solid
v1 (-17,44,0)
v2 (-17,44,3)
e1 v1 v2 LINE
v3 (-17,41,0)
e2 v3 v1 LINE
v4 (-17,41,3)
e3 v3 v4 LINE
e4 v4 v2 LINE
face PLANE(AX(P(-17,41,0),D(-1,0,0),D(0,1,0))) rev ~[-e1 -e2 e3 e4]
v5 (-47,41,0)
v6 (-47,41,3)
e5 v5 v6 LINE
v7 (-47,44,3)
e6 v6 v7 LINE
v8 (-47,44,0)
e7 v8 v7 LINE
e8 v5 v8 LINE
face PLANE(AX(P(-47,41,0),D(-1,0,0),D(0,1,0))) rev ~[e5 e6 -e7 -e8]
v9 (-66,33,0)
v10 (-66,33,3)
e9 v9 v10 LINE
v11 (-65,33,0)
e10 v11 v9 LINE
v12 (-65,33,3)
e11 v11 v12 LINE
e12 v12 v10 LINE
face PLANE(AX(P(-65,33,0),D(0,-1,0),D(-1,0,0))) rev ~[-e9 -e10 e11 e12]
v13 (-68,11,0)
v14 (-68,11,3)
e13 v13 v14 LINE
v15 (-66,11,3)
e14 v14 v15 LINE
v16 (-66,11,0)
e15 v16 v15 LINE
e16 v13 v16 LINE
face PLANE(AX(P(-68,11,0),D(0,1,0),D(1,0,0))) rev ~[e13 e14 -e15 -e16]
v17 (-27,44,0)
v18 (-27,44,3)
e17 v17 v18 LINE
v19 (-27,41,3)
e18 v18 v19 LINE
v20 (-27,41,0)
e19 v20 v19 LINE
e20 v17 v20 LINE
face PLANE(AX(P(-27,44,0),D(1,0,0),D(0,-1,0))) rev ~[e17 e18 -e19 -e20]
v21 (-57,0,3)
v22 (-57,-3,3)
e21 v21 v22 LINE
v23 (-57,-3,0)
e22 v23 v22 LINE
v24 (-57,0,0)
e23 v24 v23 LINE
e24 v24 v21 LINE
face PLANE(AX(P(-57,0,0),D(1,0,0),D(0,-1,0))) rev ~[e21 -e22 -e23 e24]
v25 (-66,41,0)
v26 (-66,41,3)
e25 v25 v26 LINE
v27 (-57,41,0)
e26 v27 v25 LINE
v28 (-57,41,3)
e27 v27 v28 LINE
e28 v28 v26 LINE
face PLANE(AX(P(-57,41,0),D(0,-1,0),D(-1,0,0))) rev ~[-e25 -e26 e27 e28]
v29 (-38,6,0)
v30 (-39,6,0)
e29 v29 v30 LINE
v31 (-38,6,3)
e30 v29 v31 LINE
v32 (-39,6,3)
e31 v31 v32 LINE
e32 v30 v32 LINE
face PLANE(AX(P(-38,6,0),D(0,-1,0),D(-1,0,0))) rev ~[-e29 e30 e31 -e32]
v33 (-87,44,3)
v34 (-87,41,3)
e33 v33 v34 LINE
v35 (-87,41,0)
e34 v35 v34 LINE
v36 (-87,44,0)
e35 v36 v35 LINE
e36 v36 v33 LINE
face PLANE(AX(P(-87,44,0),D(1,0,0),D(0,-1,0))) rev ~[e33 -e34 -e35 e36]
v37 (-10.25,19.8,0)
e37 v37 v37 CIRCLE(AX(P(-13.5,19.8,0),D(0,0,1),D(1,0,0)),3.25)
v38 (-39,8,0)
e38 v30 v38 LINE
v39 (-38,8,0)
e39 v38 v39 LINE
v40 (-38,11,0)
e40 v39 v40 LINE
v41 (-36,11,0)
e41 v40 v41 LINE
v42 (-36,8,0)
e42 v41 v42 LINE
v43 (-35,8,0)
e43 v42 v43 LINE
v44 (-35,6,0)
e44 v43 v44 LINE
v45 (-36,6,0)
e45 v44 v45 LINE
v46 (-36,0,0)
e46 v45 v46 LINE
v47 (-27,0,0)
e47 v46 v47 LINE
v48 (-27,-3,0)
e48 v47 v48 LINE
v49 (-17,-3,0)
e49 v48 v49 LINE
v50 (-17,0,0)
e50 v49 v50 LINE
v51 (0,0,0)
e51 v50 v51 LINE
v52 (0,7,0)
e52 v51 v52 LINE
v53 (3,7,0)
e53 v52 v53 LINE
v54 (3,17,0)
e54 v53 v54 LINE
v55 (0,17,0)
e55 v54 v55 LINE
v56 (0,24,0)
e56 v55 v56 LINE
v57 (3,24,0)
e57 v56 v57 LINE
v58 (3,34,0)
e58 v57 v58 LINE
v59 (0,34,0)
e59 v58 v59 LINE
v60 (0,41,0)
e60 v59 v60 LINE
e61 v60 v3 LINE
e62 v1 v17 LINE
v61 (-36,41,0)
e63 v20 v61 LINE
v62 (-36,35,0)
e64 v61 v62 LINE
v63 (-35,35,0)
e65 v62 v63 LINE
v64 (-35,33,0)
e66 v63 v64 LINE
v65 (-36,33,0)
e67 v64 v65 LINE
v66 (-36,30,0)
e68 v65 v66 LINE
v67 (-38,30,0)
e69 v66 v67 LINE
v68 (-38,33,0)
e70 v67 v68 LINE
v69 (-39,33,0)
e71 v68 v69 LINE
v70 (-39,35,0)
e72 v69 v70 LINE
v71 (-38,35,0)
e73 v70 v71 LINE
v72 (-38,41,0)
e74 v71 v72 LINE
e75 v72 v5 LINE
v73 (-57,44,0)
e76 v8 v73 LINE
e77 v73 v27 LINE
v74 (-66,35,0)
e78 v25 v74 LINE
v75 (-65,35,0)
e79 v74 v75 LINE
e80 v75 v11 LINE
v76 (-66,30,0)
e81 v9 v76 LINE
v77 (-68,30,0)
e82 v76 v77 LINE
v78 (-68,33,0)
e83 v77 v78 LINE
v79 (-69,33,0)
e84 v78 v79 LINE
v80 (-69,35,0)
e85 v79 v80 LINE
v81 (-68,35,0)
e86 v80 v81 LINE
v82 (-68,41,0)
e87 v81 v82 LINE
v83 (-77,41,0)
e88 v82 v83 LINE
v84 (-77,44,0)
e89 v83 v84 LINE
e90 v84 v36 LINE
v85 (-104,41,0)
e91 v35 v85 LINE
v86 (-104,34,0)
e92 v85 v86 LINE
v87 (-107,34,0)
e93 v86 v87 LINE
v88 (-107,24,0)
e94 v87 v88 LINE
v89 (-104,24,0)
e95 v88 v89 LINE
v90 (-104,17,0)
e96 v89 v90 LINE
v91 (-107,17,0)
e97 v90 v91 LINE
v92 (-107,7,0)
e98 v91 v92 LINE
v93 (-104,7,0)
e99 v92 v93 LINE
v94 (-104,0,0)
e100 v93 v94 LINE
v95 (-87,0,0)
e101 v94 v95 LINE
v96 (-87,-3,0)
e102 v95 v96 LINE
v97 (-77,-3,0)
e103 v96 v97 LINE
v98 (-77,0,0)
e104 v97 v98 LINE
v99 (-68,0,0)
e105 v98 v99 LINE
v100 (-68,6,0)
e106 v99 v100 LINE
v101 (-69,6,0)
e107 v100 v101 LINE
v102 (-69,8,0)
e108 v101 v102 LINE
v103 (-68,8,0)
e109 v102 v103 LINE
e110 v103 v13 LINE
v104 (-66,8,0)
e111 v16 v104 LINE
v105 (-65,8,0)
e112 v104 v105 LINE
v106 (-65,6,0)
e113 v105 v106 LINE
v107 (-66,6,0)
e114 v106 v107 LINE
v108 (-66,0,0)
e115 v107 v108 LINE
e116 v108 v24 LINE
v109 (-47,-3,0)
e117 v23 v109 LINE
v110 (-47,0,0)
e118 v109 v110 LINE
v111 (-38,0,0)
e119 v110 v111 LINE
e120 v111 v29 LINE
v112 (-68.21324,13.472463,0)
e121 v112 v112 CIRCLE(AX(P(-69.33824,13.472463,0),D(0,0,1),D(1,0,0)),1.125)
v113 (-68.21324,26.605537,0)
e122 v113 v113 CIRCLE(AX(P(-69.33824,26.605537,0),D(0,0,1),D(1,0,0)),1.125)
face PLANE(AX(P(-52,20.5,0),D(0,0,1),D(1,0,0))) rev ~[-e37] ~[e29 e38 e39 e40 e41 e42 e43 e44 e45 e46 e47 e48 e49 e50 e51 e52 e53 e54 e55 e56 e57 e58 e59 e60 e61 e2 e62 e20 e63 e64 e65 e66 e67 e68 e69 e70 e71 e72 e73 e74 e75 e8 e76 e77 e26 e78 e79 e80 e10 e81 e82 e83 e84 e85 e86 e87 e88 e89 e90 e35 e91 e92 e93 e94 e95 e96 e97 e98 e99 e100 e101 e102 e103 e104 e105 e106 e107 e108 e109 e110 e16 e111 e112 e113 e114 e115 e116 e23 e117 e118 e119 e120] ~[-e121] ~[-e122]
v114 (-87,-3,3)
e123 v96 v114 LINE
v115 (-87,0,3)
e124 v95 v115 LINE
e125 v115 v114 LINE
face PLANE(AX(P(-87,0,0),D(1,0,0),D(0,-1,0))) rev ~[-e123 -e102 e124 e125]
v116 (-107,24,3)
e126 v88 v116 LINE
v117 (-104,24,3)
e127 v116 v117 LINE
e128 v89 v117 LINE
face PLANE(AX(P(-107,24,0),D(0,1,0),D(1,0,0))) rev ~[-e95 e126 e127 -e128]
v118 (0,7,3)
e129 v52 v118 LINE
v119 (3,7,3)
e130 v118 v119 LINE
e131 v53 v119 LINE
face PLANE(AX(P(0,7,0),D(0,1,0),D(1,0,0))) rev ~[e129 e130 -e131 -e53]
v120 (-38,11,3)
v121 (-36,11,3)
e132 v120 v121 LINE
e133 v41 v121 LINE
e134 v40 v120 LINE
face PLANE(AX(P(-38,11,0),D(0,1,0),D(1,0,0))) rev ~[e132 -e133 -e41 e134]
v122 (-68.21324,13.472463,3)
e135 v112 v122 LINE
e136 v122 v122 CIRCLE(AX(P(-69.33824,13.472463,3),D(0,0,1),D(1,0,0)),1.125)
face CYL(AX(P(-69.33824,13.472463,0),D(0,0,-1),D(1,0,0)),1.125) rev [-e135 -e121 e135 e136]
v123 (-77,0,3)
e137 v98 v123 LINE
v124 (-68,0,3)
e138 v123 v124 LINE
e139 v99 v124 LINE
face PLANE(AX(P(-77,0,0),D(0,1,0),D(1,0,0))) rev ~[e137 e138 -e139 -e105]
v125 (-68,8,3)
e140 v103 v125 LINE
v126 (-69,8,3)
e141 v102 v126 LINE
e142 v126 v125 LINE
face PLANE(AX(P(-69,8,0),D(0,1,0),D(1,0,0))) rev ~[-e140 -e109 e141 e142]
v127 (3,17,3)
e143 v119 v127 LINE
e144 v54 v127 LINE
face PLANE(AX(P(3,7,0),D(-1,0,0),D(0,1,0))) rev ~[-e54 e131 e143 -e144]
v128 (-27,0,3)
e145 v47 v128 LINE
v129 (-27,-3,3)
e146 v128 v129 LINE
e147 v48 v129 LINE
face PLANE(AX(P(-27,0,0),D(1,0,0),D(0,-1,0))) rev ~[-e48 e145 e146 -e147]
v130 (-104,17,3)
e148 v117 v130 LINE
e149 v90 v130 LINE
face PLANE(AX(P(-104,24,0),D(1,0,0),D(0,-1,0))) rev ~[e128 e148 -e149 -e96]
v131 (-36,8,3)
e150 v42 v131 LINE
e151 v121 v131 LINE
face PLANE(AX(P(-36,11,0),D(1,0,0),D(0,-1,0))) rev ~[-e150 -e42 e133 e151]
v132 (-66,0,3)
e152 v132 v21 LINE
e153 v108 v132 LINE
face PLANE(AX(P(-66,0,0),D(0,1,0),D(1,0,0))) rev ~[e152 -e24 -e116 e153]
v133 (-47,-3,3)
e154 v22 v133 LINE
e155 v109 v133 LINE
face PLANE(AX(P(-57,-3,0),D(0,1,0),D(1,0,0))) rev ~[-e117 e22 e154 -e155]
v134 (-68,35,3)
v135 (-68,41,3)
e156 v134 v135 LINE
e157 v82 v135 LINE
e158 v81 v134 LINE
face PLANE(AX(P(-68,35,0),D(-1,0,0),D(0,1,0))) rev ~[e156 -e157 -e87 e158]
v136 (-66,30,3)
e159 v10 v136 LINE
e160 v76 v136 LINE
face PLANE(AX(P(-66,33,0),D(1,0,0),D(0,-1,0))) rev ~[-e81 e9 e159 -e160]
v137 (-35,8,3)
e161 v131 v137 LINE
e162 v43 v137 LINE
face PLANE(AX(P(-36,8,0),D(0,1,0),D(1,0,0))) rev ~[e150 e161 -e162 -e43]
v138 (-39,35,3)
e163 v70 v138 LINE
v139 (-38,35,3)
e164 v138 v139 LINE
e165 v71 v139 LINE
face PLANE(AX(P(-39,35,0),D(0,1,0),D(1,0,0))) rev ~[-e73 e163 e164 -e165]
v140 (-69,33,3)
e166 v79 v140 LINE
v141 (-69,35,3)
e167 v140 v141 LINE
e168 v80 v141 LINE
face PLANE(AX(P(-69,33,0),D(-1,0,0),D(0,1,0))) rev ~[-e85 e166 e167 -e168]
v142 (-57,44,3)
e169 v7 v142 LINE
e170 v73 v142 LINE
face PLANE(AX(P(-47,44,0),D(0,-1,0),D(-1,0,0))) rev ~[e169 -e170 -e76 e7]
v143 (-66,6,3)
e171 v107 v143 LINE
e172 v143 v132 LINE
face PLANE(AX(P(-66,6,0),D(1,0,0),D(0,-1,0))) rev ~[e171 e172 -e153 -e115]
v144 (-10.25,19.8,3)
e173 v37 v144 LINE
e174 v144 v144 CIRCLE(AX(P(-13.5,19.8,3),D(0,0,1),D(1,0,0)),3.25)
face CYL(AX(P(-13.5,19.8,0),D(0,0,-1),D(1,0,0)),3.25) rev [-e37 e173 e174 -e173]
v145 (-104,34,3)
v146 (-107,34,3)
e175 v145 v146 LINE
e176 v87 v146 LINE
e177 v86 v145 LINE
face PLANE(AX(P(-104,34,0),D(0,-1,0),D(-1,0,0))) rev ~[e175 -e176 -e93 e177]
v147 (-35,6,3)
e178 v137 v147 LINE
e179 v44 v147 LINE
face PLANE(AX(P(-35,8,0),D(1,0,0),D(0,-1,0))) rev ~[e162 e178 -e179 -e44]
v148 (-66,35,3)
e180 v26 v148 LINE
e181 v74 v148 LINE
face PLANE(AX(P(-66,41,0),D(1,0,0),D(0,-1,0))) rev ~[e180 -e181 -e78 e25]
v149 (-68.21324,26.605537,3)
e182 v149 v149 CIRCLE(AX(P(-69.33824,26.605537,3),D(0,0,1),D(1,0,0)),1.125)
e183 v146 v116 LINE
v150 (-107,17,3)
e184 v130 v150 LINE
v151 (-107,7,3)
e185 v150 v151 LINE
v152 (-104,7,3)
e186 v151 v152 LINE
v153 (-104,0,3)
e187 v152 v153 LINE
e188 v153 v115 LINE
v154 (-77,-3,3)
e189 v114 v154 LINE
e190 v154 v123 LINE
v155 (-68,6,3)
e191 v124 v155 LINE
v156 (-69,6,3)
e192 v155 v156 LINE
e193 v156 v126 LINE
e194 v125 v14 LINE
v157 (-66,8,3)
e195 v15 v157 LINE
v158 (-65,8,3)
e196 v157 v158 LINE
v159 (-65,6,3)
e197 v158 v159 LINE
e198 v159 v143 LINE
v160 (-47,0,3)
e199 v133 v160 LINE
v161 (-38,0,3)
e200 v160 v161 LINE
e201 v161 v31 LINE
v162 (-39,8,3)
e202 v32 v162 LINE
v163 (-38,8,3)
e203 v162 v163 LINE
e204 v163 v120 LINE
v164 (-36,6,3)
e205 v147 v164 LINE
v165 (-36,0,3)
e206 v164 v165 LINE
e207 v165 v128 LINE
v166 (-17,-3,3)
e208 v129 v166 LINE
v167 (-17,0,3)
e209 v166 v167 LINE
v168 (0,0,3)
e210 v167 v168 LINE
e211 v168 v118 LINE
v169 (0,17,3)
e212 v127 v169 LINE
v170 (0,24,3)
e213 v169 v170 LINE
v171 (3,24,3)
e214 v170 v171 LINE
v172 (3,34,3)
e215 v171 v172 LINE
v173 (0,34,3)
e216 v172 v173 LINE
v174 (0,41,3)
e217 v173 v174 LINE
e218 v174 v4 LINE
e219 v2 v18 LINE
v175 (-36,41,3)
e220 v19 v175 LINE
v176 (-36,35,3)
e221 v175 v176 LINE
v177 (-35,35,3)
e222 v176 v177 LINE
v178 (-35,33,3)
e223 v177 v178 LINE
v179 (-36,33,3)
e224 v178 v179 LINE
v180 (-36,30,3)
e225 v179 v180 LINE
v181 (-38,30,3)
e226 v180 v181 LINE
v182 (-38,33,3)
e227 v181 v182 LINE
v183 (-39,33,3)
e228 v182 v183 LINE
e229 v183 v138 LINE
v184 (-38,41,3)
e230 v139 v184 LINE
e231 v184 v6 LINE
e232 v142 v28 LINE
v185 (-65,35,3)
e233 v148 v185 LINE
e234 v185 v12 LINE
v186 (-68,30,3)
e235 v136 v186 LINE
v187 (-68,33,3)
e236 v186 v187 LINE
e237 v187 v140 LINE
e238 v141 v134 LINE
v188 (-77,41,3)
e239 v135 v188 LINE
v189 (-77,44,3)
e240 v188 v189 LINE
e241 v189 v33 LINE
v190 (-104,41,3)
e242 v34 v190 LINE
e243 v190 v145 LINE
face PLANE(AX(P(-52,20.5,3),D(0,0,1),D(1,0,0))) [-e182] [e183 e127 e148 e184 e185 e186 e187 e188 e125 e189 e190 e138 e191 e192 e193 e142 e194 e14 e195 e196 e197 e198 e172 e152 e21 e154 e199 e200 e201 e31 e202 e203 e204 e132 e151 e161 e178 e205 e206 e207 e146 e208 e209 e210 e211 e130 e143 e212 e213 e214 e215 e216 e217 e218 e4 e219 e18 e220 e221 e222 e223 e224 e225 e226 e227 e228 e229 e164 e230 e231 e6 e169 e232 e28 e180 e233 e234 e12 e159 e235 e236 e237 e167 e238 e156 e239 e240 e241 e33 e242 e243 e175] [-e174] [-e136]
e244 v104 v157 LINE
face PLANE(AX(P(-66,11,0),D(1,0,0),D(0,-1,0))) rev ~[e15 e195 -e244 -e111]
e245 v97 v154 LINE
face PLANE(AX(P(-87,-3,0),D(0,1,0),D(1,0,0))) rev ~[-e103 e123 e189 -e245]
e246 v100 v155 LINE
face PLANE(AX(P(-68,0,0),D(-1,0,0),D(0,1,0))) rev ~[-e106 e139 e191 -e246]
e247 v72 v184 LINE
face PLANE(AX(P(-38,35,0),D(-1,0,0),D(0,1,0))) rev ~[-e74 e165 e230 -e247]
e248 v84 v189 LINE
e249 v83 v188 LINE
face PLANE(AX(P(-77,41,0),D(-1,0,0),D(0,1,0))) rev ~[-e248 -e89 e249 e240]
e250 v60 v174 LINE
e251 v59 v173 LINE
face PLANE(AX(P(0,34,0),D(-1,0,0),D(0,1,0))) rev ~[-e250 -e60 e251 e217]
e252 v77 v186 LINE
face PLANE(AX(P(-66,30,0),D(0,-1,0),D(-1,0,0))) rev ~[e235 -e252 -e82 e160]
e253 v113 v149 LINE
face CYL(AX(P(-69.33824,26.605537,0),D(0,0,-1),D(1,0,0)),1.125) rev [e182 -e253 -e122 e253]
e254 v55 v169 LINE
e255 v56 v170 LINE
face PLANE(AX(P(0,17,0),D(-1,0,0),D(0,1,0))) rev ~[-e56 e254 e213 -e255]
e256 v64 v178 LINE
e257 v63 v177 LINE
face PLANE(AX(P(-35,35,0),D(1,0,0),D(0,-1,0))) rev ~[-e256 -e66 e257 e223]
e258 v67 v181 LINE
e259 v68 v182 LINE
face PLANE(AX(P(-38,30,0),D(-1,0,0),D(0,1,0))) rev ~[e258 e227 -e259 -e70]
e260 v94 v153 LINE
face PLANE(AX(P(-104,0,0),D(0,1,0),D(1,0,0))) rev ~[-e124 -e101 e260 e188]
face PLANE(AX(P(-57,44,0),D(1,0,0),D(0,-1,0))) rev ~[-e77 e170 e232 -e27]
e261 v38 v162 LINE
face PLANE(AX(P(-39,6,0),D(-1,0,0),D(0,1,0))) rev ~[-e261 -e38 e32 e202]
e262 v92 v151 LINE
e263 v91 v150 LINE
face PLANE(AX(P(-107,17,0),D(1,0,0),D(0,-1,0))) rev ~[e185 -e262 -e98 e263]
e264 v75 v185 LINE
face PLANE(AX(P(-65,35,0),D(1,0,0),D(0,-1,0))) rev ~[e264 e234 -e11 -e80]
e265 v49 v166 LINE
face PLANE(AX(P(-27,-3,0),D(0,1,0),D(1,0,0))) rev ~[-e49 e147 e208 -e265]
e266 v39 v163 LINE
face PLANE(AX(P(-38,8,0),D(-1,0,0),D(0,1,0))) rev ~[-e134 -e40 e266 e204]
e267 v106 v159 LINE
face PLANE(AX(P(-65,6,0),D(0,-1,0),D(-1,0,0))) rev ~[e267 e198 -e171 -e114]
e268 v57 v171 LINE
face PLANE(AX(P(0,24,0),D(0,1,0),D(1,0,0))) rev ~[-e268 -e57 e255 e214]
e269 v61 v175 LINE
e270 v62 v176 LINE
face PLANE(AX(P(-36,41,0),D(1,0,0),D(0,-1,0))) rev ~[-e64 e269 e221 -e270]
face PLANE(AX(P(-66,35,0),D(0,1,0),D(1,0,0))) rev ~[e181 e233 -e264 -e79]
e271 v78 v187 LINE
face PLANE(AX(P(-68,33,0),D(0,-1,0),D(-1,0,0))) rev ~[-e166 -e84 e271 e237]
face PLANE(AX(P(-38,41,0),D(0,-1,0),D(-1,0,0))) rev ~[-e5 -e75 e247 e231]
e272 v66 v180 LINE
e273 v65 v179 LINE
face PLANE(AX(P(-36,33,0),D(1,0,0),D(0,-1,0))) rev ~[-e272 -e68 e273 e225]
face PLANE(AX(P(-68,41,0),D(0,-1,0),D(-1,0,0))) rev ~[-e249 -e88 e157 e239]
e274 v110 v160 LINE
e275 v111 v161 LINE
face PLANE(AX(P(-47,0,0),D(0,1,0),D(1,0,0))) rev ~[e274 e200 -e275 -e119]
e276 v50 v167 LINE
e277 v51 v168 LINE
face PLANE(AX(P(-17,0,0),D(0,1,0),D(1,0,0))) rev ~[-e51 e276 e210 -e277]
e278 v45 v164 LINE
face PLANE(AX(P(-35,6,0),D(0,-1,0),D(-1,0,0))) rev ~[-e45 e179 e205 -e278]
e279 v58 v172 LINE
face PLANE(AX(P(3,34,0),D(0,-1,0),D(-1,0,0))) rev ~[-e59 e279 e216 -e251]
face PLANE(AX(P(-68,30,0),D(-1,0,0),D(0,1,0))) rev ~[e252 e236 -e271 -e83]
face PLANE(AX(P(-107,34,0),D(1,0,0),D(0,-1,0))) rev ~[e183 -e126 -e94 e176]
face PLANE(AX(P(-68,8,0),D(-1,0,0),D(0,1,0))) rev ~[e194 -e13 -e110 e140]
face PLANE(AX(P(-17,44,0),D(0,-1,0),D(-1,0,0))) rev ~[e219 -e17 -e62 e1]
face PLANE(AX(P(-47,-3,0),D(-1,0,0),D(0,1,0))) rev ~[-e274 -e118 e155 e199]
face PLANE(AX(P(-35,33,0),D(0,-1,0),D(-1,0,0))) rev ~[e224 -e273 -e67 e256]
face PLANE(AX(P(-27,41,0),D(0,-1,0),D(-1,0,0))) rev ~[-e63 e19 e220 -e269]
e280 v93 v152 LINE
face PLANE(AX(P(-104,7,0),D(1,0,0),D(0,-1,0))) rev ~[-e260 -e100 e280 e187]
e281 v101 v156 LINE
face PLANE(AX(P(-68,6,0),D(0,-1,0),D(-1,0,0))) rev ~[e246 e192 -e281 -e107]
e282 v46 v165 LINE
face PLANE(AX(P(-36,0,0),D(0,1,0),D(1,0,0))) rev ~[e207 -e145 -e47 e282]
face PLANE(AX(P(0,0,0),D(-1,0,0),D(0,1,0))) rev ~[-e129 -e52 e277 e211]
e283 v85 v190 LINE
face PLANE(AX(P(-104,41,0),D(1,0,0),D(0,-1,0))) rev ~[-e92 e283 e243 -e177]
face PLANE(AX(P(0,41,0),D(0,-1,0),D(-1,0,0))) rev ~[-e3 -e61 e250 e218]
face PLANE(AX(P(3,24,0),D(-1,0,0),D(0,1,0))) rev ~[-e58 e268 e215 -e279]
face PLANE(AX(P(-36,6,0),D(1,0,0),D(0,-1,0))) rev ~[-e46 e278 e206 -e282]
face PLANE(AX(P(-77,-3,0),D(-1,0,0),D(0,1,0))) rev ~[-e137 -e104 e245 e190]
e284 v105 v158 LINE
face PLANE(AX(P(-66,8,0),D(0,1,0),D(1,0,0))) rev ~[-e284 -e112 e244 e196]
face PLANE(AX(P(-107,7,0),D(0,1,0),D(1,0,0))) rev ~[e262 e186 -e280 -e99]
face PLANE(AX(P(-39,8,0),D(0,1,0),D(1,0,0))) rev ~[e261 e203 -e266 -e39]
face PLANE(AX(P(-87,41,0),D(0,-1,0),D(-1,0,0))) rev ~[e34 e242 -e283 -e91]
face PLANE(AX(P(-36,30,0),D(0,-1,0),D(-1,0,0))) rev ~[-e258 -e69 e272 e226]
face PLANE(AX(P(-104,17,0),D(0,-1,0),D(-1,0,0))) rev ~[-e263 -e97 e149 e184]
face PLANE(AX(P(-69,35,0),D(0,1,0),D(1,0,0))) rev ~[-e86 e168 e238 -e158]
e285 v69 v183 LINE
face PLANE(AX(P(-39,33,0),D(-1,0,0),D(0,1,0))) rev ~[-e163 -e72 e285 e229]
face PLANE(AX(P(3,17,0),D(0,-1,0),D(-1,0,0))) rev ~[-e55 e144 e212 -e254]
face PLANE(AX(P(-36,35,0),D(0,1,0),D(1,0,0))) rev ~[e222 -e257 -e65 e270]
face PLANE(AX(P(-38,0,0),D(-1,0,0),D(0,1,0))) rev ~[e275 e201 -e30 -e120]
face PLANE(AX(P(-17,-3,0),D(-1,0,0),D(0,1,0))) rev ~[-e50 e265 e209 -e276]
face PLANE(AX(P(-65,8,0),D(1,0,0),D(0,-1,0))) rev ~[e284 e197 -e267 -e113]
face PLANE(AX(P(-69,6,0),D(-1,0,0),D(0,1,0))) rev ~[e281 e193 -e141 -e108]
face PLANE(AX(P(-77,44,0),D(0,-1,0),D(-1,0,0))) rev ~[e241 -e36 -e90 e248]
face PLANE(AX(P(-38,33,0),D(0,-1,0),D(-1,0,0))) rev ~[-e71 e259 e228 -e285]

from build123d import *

# Parameters (mm, degrees)
F0_R     = 1.125
F0_R_2   = 3.25
F1_DEPTH = 3


with BuildPart() as f1:
    # F0 (on Top) → F1 (new body)
    with BuildSketch(Plane.XY):
        Polygon((-17, 0), (0, 0), (0, 7), (3, 7), (3, 17), (0, 17), (0, 24), (3, 24), (3, 34), (0, 34), (0, 41), (-17, 41), (-17, 44), (-27, 44), (-27, 41), (-36, 41), (-36, 35), (-35, 35), (-35, 33), (-36, 33), (-36, 30), (-38, 30), (-38, 33), (-39, 33), (-39, 35), (-38, 35), (-38, 41), (-47, 41), (-47, 44), (-57, 44), (-57, 41), (-66, 41), (-66, 35), (-65, 35), (-65, 33), (-66, 33), (-66, 30), (-68, 30), (-68, 33), (-69, 33), (-69, 35), (-68, 35), (-68, 41), (-77, 41), (-77, 44), (-87, 44), (-87, 41), (-104, 41), (-104, 34), (-107, 34), (-107, 24), (-104, 24), (-104, 17), (-107, 17), (-107, 7), (-104, 7), (-104, 0), (-87, 0), (-87, -3), (-77, -3), (-77, 0), (-68, 0), (-68, 6), (-69, 6), (-69, 8), (-68, 8), (-68, 11), (-66, 11), (-66, 8), (-65, 8), (-65, 6), (-66, 6), (-66, 0), (-57, 0), (-57, -3), (-47, -3), (-47, 0), (-38, 0), (-38, 6), (-39, 6), (-39, 8), (-38, 8), (-38, 11), (-36, 11), (-36, 8), (-35, 8), (-35, 6), (-36, 6), (-36, 0), (-27, 0), (-27, -3), (-17, -3), align=None)
        with Locations((-69.33824, 13.472463)):
            Circle(F0_R, mode=Mode.SUBTRACT)
        with Locations((-13.5, 19.8)):
            Circle(F0_R_2, mode=Mode.SUBTRACT)
        with Locations((-69.33824, 26.605537)):
            Circle(F0_R, mode=Mode.SUBTRACT)
    extrude(amount=F1_DEPTH)


solid = f1.part
